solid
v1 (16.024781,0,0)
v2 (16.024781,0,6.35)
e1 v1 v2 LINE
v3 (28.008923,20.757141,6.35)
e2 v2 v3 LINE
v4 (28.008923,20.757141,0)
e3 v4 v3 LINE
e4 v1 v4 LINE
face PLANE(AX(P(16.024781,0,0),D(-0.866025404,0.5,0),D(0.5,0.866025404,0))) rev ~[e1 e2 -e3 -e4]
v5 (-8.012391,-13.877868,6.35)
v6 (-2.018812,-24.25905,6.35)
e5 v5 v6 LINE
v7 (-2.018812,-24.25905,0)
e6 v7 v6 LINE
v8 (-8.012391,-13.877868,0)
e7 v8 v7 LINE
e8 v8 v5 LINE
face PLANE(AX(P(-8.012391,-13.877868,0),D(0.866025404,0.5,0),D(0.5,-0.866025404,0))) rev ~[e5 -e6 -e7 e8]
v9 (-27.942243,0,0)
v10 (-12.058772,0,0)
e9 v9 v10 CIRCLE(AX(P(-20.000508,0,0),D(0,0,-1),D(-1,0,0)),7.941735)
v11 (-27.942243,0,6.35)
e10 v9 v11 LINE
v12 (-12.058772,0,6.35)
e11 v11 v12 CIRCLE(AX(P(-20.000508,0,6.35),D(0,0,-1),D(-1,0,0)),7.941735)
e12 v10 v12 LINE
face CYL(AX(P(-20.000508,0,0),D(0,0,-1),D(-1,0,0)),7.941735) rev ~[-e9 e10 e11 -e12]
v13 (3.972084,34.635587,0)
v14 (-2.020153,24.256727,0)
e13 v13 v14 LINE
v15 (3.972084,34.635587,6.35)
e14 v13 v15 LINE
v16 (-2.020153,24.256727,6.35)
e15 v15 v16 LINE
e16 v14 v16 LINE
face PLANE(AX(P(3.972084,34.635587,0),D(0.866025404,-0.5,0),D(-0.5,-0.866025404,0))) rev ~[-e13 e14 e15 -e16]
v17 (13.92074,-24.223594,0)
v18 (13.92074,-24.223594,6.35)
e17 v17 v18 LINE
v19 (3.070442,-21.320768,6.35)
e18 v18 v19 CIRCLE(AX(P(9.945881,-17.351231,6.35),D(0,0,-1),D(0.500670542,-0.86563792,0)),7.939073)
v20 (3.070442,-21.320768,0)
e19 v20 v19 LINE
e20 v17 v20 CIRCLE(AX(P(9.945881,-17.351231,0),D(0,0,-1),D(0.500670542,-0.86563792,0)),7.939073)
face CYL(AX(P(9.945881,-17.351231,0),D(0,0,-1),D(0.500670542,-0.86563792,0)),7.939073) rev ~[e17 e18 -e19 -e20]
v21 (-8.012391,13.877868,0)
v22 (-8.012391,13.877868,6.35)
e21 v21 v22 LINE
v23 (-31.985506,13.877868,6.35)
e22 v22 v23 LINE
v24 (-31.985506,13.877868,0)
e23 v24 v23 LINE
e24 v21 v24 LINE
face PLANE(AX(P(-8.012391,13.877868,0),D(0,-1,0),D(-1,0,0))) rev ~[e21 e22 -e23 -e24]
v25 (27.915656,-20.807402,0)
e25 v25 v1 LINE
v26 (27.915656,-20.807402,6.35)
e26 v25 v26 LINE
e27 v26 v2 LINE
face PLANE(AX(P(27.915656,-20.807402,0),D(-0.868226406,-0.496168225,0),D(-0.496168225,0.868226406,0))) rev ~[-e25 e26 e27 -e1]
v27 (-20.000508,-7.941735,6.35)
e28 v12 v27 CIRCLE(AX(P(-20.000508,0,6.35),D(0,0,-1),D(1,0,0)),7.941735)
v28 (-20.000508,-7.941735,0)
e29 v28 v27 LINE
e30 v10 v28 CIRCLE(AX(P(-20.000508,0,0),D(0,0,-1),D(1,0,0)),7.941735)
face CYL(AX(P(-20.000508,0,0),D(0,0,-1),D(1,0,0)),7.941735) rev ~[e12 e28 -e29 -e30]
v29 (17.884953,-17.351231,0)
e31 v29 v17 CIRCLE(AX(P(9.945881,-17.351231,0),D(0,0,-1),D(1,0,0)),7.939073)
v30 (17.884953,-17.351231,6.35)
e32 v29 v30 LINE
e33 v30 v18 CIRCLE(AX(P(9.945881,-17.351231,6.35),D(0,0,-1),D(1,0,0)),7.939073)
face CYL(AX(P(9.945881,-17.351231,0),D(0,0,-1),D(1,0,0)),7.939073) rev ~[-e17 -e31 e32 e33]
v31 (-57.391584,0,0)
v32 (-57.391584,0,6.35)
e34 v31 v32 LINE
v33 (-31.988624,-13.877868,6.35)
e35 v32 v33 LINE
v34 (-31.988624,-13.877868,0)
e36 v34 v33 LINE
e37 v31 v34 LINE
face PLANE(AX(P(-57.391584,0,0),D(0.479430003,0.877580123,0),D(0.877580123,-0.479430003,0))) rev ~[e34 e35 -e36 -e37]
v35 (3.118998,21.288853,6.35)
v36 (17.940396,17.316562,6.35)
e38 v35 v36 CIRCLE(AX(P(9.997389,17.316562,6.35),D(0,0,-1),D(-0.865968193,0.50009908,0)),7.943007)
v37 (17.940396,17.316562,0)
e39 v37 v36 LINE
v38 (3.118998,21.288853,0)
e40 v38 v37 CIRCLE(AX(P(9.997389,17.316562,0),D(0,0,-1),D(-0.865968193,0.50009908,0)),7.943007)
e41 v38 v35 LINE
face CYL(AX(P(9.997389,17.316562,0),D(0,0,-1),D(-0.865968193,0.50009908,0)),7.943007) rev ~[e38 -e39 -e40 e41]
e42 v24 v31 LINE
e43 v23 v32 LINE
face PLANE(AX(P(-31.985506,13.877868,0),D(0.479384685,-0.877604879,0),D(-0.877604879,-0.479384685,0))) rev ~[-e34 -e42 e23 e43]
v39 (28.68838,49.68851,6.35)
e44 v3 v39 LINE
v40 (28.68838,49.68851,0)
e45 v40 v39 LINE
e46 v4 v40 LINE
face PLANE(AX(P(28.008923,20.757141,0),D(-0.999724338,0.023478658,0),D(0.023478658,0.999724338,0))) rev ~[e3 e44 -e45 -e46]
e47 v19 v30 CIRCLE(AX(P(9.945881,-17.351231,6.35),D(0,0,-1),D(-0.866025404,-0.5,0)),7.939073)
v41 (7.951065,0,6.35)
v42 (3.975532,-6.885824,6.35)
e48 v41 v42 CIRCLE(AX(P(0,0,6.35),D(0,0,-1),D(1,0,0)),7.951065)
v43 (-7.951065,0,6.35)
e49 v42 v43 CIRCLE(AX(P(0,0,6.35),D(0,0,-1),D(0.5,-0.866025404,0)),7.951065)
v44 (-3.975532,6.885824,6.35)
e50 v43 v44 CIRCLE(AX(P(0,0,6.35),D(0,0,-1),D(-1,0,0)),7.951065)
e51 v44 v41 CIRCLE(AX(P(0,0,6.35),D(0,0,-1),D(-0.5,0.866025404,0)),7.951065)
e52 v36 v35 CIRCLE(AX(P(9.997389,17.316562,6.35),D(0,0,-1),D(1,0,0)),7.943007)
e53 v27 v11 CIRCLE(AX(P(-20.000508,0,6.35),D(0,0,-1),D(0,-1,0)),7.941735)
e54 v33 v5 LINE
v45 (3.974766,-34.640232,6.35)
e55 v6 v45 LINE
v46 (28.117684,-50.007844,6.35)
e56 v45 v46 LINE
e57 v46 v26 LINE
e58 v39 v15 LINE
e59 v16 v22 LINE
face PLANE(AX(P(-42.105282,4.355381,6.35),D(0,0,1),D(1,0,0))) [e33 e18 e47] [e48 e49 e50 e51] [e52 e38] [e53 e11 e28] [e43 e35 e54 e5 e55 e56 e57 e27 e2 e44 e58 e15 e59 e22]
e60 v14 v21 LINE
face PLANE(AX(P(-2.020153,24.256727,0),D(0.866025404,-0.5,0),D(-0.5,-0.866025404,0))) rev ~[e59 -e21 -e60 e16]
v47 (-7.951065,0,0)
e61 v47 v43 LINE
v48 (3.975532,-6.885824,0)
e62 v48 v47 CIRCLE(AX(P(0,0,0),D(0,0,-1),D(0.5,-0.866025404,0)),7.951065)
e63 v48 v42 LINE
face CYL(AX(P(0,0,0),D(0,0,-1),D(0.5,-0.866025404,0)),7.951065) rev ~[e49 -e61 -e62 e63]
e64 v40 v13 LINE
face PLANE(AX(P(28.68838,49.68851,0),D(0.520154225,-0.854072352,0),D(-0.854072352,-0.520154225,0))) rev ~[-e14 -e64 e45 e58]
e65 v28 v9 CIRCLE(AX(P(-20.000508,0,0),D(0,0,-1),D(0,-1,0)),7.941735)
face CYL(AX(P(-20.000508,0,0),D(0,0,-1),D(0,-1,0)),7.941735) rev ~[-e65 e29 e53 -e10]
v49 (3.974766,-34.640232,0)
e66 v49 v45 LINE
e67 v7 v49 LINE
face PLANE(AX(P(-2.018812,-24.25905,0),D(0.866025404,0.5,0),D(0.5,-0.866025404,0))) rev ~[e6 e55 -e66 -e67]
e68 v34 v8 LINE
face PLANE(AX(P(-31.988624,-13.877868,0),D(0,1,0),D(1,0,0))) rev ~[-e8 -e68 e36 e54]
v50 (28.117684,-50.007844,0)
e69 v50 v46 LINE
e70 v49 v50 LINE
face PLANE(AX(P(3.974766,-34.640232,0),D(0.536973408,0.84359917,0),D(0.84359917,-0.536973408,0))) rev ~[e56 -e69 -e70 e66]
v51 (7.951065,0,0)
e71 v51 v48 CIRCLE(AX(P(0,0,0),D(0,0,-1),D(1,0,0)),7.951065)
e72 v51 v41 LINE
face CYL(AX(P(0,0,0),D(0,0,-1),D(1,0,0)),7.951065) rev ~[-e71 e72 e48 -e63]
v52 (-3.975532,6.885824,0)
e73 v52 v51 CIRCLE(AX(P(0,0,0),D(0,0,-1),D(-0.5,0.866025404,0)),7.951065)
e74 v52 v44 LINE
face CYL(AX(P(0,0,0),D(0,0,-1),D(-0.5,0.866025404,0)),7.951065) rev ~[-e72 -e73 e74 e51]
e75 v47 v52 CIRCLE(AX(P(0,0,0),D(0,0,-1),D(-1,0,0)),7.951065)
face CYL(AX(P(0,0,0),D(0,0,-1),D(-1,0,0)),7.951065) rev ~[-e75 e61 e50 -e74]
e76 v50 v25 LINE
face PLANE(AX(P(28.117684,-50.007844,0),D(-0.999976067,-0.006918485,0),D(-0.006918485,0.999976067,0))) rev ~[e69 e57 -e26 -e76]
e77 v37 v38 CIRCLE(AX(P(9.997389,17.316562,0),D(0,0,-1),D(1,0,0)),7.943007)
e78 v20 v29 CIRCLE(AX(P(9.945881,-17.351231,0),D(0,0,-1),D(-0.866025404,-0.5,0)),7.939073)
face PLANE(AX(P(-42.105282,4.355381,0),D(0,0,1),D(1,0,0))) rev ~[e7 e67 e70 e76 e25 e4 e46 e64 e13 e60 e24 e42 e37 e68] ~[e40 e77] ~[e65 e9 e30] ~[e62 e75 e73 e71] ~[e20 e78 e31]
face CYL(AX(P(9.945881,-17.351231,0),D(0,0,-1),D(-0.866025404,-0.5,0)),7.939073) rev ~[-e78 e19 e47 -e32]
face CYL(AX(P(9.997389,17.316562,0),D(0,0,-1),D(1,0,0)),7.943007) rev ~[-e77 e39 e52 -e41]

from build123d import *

# Parameters (mm, degrees)
F1_DEPTH = 6.35


with BuildPart() as f1:
    # F0 (on Top) → F1 (new body)
    with BuildSketch(Plane.XY):
        Polygon((-31.9870654494, 0), (-31.9855064154, 13.8778677747), (-57.3915839195, 0), align=None)
        Polygon((-31.9886244833, -13.8778677747), (-31.9870654494, 0), (-57.3915839195, 0), align=None)
        with BuildLine():
            Line((-31.9886244833, -13.8778677747), (-20.0005075894, -13.8778677747))
            Line((-20.0005075894, -13.8778677747), (-20.0005075894, -7.9417351609))
            ThreePointArc((-20.0005075894, -7.9417351609), (-25.6161623761, -5.6156547867), (-27.9422427503, 0))
            Line((-27.9422427503, 0), (-31.9870654494, 0))
            Line((-31.9870654494, 0), (-31.9886244833, -13.8778677747))
        make_face()
        with BuildLine():
            Line((-8.0123906955, -13.8778677747), (-8.0123906955, 0))
            Line((-8.0123906955, 0), (-8.0123906955, 13.8778677747))
            Line((-8.0123906955, 13.8778677747), (-31.9855064154, 13.8778677747))
            Line((-31.9855064154, 13.8778677747), (-31.9870654494, 0))
            Line((-31.9870654494, 0), (-27.9422427503, 0))
            ThreePointArc((-27.9422427503, 0), (-20.0005075894, 7.9417351609), (-12.0587724285, 0))
            ThreePointArc((-12.0587724285, 0), (-14.3848528028, -5.6156547867), (-20.0005075894, -7.9417351609))
            Line((-20.0005075894, -7.9417351609), (-20.0005075894, -13.8778677747))
            Line((-20.0005075894, -13.8778677747), (-8.0123906955, -13.8778677747))
        make_face()
        with BuildLine():
            ThreePointArc((3.9755324833, -6.8858242482), (-3.9755324833, -6.8858242482), (-7.9510649666, 0))
            Line((-7.9510649666, 0), (-8.0123906955, 0))
            Line((-8.0123906955, 0), (-8.0123906955, -13.8778677747))
            Line((-8.0123906955, -13.8778677747), (16.024781391, 0))
            Line((16.024781391, 0), (3.9755324833, -6.8858242482))
        make_face()
        with BuildLine():
            Line((-8.0123906955, 0), (-7.9510649666, 0))
            ThreePointArc((-7.9510649666, 0), (-6.8858242482, 3.9755324833), (-3.9755324833, 6.8858242482))
            Line((-3.9755324833, 6.8858242482), (-8.0123906955, 13.8778677747))
            Line((-8.0123906955, 13.8778677747), (-8.0123906955, 0))
        make_face()
        with BuildLine():
            ThreePointArc((7.9510649666, 0), (6.8858242482, -3.9755324833), (3.9755324833, -6.8858242482))
            Line((3.9755324833, -6.8858242482), (16.024781391, 0))
            Line((16.024781391, 0), (-8.0123906955, 13.8778677747))
            Line((-8.0123906955, 13.8778677747), (-3.9755324833, 6.8858242482))
            ThreePointArc((-3.9755324833, 6.8858242482), (3.9755324833, 6.8858242482), (7.9510649666, 0))
        make_face()
        with BuildLine():
            Line((3.0704416776, -21.3207677669), (-2.0188123667, -24.2590499594))
            Line((-2.0188123667, -24.2590499594), (3.9747659621, -34.640232144))
            Line((3.9747659621, -34.640232144), (15.9452110809, -27.723816859))
            Line((15.9452110809, -27.723816859), (13.9207404634, -24.2235938808))
            ThreePointArc((13.9207404634, -24.2235938808), (7.8940668464, -25.0205819689), (3.0704416776, -21.3207677669))
        make_face()
        with BuildLine():
            Line((27.9156561998, -20.807401574), (16.024781391, 0))
            Line((16.024781391, 0), (-8.0123906955, -13.8778677747))
            Line((-8.0123906955, -13.8778677747), (-2.0188123667, -24.2590499594))
            Line((-2.0188123667, -24.2590499594), (3.0704416776, -21.3207677669))
            ThreePointArc((3.0704416776, -21.3207677669), (7.8910972434, -9.6826757204), (17.8849534495, -17.3512313014))
            ThreePointArc((17.8849534495, -17.3512313014), (16.8228559437, -21.3181051342), (13.9207404634, -24.2235938808))
            Line((13.9207404634, -24.2235938808), (15.9452110809, -27.723816859))
            Line((15.9452110809, -27.723816859), (27.9156561998, -20.807401574))
        make_face()
        Polygon((28.1176838597, -50.0078443375), (27.9156561998, -20.807401574), (15.9452110809, -27.723816859), align=None)
        Polygon((28.1176838597, -50.0078443375), (15.9452110809, -27.723816859), (3.9747659621, -34.640232144), align=None)
        with BuildLine():
            Line((-8.0123906955, 13.8778677747), (16.024781391, 0))
            Line((16.024781391, 0), (28.0089225601, 20.7571413899))
            Line((28.0089225601, 20.7571413899), (15.9905033098, 27.6963641712))
            Line((15.9905033098, 27.6963641712), (13.9690581545, 24.1953128094))
            ThreePointArc((13.9690581545, 24.1953128094), (16.8762828545, 21.2879832849), (17.9403962681, 17.3165624984))
            ThreePointArc((17.9403962681, 17.3165624984), (7.9411489814, 9.6443245895), (3.1189979974, 21.2888529492))
            Line((3.1189979974, 21.2888529492), (-2.020153318, 24.2567273636))
            Line((-2.020153318, 24.2567273636), (-8.0123906955, 13.8778677747))
        make_face()
        with BuildLine():
            Line((3.9720840596, 34.6355869526), (-2.020153318, 24.2567273636))
            Line((-2.020153318, 24.2567273636), (3.1189979974, 21.2888529492))
            ThreePointArc((3.1189979974, 21.2888529492), (7.9421189961, 24.9890603157), (13.9690581545, 24.1953128094))
            Line((13.9690581545, 24.1953128094), (15.9905033098, 27.6963641712))
            Line((15.9905033098, 27.6963641712), (3.9720840596, 34.6355869526))
        make_face()
        Polygon((3.9720840596, 34.6355869526), (15.9905033098, 27.6963641712), (28.6883795595, 49.6885101457), align=None)
        Polygon((15.9905033098, 27.6963641712), (28.0089225601, 20.7571413899), (28.6883795595, 49.6885101457), align=None)
    extrude(amount=F1_DEPTH)


solid = f1.part
